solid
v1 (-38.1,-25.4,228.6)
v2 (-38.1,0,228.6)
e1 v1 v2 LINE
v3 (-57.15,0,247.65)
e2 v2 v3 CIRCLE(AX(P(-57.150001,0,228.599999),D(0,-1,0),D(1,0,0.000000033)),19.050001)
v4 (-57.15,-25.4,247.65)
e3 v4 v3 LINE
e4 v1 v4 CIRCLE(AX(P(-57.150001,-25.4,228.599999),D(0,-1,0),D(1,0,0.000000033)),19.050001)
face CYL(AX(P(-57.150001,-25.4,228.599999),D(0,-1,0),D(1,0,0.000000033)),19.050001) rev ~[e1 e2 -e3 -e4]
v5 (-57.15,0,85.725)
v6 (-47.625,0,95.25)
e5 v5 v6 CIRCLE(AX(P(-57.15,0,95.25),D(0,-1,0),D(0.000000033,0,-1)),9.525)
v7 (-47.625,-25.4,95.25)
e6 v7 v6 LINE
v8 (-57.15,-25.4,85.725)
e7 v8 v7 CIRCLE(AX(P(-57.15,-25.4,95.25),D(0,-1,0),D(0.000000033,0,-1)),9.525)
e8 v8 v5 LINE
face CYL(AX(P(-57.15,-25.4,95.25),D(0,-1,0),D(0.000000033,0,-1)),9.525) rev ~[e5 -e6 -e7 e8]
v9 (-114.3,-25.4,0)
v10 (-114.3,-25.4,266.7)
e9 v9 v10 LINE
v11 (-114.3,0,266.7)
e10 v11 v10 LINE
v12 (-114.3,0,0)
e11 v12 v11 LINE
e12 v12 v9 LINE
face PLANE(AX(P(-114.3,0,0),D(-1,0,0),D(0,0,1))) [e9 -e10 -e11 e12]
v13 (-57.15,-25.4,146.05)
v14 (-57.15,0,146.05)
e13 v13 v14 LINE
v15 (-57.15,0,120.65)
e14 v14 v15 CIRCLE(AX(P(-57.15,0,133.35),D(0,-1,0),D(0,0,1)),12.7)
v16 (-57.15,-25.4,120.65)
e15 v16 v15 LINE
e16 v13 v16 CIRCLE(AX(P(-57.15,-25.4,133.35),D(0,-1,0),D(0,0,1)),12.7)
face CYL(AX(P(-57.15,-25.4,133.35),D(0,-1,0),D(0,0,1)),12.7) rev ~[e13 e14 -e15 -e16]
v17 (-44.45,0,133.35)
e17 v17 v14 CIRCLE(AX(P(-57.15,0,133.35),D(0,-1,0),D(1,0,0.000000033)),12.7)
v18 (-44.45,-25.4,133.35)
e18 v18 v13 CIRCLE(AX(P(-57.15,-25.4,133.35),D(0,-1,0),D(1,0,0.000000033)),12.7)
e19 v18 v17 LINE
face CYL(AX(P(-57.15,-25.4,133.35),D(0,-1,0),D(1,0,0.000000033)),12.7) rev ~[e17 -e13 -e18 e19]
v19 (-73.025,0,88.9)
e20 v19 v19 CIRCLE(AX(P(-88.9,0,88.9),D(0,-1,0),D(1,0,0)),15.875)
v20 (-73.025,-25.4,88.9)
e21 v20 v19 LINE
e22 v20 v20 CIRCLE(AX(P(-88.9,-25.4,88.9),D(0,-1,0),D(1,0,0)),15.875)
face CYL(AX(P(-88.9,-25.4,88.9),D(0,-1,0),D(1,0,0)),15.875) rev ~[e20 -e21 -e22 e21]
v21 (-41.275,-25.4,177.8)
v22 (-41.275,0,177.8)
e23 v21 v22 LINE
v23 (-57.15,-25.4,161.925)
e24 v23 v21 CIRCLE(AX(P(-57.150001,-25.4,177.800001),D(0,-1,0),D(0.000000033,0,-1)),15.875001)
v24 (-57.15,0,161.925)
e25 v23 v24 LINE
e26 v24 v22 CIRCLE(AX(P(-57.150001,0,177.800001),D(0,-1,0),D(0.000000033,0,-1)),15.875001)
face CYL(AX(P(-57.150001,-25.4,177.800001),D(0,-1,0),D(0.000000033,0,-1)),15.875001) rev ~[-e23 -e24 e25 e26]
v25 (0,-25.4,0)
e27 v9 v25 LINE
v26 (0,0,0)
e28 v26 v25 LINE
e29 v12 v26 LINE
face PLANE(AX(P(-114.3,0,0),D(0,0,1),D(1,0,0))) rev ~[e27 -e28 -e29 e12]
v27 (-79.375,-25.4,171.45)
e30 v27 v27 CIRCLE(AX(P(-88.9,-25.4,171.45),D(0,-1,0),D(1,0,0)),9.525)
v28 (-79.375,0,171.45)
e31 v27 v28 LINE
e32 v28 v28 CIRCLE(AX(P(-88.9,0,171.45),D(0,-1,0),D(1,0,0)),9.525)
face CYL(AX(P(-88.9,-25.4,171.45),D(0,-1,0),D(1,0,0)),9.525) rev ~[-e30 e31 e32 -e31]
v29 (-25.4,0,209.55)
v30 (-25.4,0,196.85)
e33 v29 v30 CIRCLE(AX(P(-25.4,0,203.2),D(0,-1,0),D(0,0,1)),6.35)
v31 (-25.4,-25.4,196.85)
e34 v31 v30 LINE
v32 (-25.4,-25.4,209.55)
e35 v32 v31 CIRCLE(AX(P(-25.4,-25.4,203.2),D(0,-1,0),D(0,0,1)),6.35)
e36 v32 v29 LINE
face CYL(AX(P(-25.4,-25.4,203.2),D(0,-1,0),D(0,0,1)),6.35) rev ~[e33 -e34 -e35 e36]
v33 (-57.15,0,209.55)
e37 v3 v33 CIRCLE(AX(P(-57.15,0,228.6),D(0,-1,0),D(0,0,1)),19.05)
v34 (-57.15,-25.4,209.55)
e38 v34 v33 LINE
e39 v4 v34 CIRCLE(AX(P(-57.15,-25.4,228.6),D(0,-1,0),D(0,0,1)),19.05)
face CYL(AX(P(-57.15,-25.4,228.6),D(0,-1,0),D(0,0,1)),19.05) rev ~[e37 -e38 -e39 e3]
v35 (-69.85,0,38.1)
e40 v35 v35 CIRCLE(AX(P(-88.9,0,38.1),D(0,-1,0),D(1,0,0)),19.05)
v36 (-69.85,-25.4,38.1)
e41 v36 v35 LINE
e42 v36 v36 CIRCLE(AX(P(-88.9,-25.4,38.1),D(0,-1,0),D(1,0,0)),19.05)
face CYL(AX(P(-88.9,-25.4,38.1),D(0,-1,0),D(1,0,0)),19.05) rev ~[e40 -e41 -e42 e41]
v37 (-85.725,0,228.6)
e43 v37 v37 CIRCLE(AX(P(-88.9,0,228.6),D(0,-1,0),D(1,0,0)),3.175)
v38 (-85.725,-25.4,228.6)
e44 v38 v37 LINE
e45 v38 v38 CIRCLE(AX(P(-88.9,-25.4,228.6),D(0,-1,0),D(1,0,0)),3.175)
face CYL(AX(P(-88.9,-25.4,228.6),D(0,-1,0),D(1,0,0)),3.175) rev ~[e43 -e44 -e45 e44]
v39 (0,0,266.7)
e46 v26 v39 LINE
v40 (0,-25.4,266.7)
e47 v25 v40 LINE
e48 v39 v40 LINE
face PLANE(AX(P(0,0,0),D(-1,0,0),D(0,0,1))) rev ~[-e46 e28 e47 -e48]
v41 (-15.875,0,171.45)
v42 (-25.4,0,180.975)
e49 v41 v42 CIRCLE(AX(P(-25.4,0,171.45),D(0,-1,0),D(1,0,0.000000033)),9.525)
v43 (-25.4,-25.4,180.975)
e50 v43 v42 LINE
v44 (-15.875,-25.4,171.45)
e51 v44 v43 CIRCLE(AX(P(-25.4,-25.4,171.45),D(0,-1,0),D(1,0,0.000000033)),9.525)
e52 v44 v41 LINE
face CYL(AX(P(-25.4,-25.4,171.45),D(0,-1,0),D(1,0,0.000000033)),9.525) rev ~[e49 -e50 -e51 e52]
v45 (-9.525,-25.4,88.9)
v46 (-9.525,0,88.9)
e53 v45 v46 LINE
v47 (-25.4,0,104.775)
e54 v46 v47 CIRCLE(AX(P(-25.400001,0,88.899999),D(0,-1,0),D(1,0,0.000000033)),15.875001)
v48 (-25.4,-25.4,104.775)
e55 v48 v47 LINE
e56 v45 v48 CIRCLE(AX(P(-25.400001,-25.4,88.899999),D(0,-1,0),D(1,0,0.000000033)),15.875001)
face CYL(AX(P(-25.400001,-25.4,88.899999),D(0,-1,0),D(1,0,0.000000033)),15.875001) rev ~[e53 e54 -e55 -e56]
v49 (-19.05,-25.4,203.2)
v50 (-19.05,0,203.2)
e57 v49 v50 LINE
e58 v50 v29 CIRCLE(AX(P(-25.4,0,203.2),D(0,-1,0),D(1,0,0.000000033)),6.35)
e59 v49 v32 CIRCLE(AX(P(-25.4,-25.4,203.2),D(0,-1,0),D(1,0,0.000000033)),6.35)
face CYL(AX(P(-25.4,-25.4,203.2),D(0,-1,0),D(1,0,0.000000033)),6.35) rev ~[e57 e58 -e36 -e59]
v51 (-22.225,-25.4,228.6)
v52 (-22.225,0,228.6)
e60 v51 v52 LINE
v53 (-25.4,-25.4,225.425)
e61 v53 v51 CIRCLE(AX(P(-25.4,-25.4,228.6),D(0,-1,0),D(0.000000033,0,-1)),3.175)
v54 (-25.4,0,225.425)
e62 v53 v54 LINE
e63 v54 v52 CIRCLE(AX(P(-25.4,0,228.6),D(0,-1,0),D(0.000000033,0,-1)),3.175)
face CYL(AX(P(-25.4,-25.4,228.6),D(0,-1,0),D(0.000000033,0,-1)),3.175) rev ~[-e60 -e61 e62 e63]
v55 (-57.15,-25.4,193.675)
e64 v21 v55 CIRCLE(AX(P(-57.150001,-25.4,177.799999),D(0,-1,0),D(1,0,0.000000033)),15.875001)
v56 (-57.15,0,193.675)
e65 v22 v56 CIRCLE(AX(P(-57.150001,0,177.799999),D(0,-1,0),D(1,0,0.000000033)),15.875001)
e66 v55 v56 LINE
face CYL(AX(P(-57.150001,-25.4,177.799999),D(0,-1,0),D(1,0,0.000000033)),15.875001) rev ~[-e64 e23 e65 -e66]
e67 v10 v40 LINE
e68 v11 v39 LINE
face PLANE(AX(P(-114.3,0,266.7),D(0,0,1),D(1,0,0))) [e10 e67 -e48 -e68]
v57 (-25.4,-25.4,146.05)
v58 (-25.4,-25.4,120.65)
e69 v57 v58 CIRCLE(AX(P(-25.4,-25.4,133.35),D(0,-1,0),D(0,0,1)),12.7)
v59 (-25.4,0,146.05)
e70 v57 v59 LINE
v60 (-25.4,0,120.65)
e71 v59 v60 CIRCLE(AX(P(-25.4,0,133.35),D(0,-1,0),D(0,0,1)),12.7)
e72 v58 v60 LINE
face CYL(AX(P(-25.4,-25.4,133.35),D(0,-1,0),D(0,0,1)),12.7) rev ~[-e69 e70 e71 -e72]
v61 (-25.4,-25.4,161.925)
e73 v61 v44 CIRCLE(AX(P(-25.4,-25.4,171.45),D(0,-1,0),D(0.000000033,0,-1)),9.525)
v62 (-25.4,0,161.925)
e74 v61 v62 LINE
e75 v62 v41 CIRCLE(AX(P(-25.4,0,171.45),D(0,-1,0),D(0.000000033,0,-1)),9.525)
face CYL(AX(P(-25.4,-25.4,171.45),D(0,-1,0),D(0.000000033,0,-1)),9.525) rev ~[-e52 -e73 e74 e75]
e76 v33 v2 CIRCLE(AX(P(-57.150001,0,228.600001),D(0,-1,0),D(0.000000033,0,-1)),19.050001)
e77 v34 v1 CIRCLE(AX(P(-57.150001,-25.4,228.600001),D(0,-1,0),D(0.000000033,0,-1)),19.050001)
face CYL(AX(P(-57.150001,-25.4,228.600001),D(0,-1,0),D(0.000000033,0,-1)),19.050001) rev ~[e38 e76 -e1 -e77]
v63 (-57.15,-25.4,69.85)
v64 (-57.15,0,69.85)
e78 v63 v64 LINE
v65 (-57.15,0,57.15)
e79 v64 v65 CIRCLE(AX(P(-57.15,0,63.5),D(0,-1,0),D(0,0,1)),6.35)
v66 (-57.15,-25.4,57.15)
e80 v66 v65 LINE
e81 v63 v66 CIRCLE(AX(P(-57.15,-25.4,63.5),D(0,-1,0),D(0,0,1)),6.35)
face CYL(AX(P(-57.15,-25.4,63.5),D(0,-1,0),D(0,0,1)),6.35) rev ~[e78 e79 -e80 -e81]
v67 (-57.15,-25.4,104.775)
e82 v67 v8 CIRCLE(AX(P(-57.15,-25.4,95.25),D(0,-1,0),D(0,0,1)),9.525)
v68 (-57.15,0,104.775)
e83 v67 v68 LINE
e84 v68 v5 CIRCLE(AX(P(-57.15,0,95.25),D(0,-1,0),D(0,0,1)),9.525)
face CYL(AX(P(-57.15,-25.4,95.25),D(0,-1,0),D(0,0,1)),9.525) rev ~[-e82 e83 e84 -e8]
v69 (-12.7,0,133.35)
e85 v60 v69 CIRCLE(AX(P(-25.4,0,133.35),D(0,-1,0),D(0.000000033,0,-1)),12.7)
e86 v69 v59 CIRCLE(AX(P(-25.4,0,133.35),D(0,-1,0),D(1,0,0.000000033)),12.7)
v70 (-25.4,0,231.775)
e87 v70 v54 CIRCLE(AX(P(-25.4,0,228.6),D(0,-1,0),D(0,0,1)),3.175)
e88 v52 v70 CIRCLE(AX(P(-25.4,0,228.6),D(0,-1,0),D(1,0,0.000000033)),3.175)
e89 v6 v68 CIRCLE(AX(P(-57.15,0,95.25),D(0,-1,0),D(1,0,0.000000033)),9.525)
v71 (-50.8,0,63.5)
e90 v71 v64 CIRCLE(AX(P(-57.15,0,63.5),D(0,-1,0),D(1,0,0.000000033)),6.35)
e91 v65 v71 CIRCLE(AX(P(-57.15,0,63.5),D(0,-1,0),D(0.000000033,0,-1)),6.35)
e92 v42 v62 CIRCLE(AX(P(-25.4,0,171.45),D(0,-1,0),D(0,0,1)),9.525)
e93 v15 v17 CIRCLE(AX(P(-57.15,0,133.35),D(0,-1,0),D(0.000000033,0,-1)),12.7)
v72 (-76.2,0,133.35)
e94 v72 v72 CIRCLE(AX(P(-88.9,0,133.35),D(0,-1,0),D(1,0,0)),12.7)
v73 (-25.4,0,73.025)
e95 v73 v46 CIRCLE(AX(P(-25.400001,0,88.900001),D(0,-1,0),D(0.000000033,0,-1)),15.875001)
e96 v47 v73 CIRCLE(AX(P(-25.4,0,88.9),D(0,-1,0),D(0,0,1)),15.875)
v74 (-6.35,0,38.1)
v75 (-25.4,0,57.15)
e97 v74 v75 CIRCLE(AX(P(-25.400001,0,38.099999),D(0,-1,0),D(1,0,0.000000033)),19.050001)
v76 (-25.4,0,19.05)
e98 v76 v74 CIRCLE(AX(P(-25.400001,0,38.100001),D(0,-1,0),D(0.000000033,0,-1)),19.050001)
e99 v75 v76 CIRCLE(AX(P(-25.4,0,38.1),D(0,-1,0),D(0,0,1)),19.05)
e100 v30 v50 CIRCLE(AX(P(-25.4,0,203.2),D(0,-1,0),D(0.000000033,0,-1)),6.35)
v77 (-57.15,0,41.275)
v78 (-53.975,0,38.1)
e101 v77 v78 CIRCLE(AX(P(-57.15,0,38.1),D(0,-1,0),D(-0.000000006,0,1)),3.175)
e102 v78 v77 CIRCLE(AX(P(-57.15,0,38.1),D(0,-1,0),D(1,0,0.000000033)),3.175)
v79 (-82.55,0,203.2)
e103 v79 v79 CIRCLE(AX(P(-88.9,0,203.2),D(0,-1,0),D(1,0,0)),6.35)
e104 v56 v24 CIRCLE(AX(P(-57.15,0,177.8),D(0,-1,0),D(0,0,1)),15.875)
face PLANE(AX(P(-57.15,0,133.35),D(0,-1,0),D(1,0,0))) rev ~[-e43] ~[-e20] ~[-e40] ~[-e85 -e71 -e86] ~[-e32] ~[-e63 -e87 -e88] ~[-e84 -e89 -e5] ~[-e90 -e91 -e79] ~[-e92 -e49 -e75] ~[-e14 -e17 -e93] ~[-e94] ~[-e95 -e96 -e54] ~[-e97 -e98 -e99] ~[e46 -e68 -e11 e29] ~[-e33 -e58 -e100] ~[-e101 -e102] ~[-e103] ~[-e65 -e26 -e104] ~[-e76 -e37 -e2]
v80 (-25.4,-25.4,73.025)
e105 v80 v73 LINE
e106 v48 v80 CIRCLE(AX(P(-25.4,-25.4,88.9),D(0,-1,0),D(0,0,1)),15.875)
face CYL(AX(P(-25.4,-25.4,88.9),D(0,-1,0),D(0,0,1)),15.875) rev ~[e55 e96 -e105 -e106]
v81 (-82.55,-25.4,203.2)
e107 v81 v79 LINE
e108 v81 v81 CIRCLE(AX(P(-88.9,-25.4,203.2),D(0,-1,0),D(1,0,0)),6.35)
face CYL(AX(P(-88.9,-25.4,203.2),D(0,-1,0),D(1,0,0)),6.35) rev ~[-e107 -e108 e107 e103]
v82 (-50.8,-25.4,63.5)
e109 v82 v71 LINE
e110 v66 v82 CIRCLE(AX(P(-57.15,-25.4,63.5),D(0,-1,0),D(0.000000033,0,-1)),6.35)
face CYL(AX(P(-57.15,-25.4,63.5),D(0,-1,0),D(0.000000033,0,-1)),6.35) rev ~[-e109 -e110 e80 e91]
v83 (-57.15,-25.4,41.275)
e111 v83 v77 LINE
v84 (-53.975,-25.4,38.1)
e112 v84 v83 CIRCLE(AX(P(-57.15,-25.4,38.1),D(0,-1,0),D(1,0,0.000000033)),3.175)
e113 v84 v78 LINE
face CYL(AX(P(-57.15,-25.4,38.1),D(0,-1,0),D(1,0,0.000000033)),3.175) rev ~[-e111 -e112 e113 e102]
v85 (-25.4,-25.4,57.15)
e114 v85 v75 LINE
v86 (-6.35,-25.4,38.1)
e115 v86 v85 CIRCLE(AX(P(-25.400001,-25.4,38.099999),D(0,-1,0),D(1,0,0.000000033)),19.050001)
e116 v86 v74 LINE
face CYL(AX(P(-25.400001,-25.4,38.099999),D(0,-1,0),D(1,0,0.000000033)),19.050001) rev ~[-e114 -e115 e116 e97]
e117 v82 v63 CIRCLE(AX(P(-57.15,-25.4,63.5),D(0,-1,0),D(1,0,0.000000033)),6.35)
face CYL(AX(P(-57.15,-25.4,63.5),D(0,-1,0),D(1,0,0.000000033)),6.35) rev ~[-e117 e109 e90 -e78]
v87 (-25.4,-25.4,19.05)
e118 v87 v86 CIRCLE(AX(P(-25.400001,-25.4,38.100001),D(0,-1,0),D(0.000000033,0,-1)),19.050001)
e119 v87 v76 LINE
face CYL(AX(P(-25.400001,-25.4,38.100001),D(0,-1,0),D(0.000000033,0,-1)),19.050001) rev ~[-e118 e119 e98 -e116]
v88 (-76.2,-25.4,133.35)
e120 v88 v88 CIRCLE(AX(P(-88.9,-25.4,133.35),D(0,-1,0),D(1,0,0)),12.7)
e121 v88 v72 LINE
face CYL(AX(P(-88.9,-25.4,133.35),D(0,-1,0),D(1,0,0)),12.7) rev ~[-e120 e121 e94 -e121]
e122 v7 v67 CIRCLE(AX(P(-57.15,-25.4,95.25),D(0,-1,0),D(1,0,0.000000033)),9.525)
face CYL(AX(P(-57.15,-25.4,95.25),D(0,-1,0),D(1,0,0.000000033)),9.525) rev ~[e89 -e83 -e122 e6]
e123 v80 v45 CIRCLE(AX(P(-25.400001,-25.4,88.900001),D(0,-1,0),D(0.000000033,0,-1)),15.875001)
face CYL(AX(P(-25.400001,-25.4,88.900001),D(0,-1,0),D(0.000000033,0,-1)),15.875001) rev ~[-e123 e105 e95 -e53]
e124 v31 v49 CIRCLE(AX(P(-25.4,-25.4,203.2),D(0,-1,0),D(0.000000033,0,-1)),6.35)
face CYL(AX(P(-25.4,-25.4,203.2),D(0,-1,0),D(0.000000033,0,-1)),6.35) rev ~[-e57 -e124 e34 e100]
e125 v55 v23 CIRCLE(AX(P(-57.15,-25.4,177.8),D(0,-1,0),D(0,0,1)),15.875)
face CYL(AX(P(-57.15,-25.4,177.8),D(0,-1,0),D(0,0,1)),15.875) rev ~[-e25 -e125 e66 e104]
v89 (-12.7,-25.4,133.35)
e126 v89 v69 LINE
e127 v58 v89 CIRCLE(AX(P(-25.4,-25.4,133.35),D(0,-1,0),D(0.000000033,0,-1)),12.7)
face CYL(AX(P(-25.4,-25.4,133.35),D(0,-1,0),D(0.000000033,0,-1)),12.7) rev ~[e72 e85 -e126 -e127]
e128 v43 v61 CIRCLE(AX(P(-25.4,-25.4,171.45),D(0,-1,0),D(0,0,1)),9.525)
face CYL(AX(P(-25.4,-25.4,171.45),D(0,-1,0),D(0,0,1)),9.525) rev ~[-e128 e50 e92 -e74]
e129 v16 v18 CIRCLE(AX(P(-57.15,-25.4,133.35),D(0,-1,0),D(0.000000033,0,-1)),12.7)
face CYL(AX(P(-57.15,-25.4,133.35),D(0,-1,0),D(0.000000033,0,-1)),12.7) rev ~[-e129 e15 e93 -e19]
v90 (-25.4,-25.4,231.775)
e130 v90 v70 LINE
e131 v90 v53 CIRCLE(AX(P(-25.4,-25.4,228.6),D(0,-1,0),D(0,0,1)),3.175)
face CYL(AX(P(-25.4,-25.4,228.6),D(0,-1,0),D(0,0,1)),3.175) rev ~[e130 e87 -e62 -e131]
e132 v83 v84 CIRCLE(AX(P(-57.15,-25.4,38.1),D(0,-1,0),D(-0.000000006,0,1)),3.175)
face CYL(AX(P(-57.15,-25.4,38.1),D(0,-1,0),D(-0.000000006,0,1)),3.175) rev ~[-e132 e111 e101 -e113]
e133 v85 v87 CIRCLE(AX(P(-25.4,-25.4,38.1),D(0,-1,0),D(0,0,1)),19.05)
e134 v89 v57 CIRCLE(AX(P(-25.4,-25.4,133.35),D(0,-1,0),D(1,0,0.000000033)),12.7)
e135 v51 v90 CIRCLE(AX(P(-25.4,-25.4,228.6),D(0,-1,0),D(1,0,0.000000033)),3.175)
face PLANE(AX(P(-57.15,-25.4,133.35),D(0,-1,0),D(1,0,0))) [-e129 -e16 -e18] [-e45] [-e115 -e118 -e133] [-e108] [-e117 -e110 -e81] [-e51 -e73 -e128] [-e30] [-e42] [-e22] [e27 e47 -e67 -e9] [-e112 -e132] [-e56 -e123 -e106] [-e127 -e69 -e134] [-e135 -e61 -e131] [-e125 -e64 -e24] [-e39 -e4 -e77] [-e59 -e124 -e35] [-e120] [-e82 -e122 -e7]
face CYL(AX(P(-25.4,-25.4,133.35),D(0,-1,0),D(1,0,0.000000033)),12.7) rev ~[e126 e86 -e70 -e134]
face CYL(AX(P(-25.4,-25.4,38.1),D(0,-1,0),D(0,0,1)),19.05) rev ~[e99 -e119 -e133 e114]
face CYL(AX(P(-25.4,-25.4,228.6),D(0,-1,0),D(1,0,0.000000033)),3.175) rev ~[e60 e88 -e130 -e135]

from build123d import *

# Parameters (mm, degrees)
F0_W     = 114.3
F0_H     = 266.7
F1_DEPTH = 25.4
F2_R     = 3.175
F2_R_2   = 6.35
F2_R_3   = 9.525
F2_R_4   = 12.7
F2_R_5   = 15.875
F2_R_6   = 19.05
F3_DEPTH = 25.4
F5_DEPTH = 25.4


with BuildPart() as f1:
    # F0 (on Front) → F1 (new body)
    with BuildSketch(Plane.XZ):
        with Locations((-57.15, 133.35)):
            Rectangle(F0_W, F0_H)
    extrude(amount=F1_DEPTH)

    # F2 (on face) → F3 (cut)
    with BuildSketch(Plane.XZ.offset(25.4)):
        with BuildLine():
            ThreePointArc((-25.4, 57.15), (-44.45, 38.1), (-25.4, 19.05))
            Line((-25.4, 19.05), (-25.4, 38.1))
            Line((-25.4, 38.1), (-25.4, 57.15))
        make_face()
        with BuildLine():
            ThreePointArc((-25.4, 231.775), (-28.575, 228.6), (-25.4, 225.425))
            Line((-25.4, 225.425), (-25.4, 228.6))
            Line((-25.4, 228.6), (-25.4, 231.775))
        make_face()
        with BuildLine():
            Line((-25.4, 228.6), (-25.4, 225.425))
            ThreePointArc((-25.4, 225.425), (-23.154936, 226.354936), (-22.225, 228.6))
            ThreePointArc((-22.225, 228.6), (-23.154936, 230.845064), (-25.4, 231.775))
            Line((-25.4, 231.775), (-25.4, 228.6))
        make_face()
        with BuildLine():
            ThreePointArc((-25.4, 209.55), (-31.75, 203.2), (-25.4, 196.85))
            Line((-25.4, 196.85), (-25.4, 203.2))
            Line((-25.4, 203.2), (-25.4, 209.55))
        make_face()
        with BuildLine():
            Line((-25.4, 203.2), (-25.4, 196.85))
            ThreePointArc((-25.4, 196.85), (-20.909872, 198.709872), (-19.05, 203.2))
            ThreePointArc((-19.05, 203.2), (-20.909872, 207.690128), (-25.4, 209.55))
            Line((-25.4, 209.55), (-25.4, 203.2))
        make_face()
        with BuildLine():
            ThreePointArc((-25.4, 180.975), (-34.925, 171.45), (-25.4, 161.925))
            Line((-25.4, 161.925), (-25.4, 171.45))
            Line((-25.4, 171.45), (-25.4, 180.975))
        make_face()
        with BuildLine():
            Line((-25.4, 171.45), (-25.4, 161.925))
            ThreePointArc((-25.4, 161.925), (-18.664808, 164.714808), (-15.875, 171.45))
            ThreePointArc((-15.875, 171.45), (-18.664808, 178.185192), (-25.4, 180.975))
            Line((-25.4, 180.975), (-25.4, 171.45))
        make_face()
        with BuildLine():
            ThreePointArc((-25.4, 146.05), (-38.1, 133.35), (-25.4, 120.65))
            Line((-25.4, 120.65), (-25.4, 133.35))
            Line((-25.4, 133.35), (-25.4, 146.05))
        make_face()
        with BuildLine():
            Line((-25.4, 133.35), (-25.4, 120.65))
            ThreePointArc((-25.4, 120.65), (-16.419744, 124.369744), (-12.7, 133.35))
            ThreePointArc((-12.7, 133.35), (-16.419744, 142.330256), (-25.4, 146.05))
            Line((-25.4, 146.05), (-25.4, 133.35))
        make_face()
        with BuildLine():
            ThreePointArc((-25.4, 104.775), (-41.275, 88.9), (-25.4, 73.025))
            Line((-25.4, 73.025), (-25.4, 88.9))
            Line((-25.4, 88.9), (-25.4, 104.775))
        make_face()
        with BuildLine():
            Line((-25.4, 88.9), (-25.4, 73.025))
            ThreePointArc((-25.4, 73.025), (-14.17468, 77.67468), (-9.525, 88.9))
            ThreePointArc((-9.525, 88.9), (-14.17468, 100.12532), (-25.4, 104.775))
            Line((-25.4, 104.775), (-25.4, 88.9))
        make_face()
        with BuildLine():
            Line((-25.4, 38.1), (-25.4, 19.05))
            ThreePointArc((-25.4, 19.05), (-11.929616, 24.629616), (-6.35, 38.1))
            ThreePointArc((-6.35, 38.1), (-11.929616, 51.570384), (-25.4, 57.15))
            Line((-25.4, 57.15), (-25.4, 38.1))
        make_face()
        with Locations((-88.9, 228.6)):
            Circle(F2_R)
        with Locations((-88.9, 203.2)):
            Circle(F2_R_2)
        with Locations((-88.9, 171.45)):
            Circle(F2_R_3)
        with Locations((-88.9, 133.35)):
            Circle(F2_R_4)
        with Locations((-88.9, 88.9)):
            Circle(F2_R_5)
        with Locations((-88.9, 38.1)):
            Circle(F2_R_6)
    extrude(amount=-F3_DEPTH, mode=Mode.SUBTRACT)

    # F4 (on face) → F5 (cut)
    with BuildSketch(Plane.XZ.offset(25.4)):
        with BuildLine():
            ThreePointArc((-57.15, 247.65), (-76.2, 228.6), (-57.15, 209.55))
            Line((-57.15, 209.55), (-57.15, 228.6))
            Line((-57.15, 228.6), (-57.15, 247.65))
        make_face()
        with BuildLine():
            Line((-57.15, 228.6), (-57.15, 209.55))
            ThreePointArc((-57.15, 209.55), (-43.679616, 215.129616), (-38.1, 228.6))
            ThreePointArc((-38.1, 228.6), (-43.679616, 242.070384), (-57.15, 247.65))
            Line((-57.15, 247.65), (-57.15, 228.6))
        make_face()
        with BuildLine():
            ThreePointArc((-57.15, 193.675), (-73.025, 177.8), (-57.15, 161.925))
            Line((-57.15, 161.925), (-57.15, 177.8))
            Line((-57.15, 177.8), (-57.15, 193.675))
        make_face()
        with BuildLine():
            Line((-57.15, 177.8), (-57.15, 161.925))
            ThreePointArc((-57.15, 161.925), (-45.92468, 166.57468), (-41.275, 177.8))
            ThreePointArc((-41.275, 177.8), (-45.92468, 189.02532), (-57.15, 193.675))
            Line((-57.15, 193.675), (-57.15, 177.8))
        make_face()
        with BuildLine():
            ThreePointArc((-57.15, 146.05), (-69.85, 133.35), (-57.15, 120.65))
            Line((-57.15, 120.65), (-57.15, 133.35))
            Line((-57.15, 133.35), (-57.15, 146.05))
        make_face()
        with BuildLine():
            Line((-57.15, 133.35), (-57.15, 120.65))
            ThreePointArc((-57.15, 120.65), (-48.169744, 124.369744), (-44.45, 133.35))
            ThreePointArc((-44.45, 133.35), (-48.169744, 142.330256), (-57.15, 146.05))
            Line((-57.15, 146.05), (-57.15, 133.35))
        make_face()
        with BuildLine():
            ThreePointArc((-57.15, 104.775), (-66.675, 95.25), (-57.15, 85.725))
            Line((-57.15, 85.725), (-57.15, 95.25))
            Line((-57.15, 95.25), (-57.15, 104.775))
        make_face()
        with BuildLine():
            Line((-57.15, 95.25), (-57.15, 85.725))
            ThreePointArc((-57.15, 85.725), (-50.414808, 88.514808), (-47.625, 95.25))
            ThreePointArc((-47.625, 95.25), (-50.414808, 101.985192), (-57.15, 104.775))
            Line((-57.15, 104.775), (-57.15, 95.25))
        make_face()
        with BuildLine():
            ThreePointArc((-57.15, 69.85), (-63.5, 63.5), (-57.15, 57.15))
            Line((-57.15, 57.15), (-57.15, 63.5))
            Line((-57.15, 63.5), (-57.15, 69.85))
        make_face()
        with BuildLine():
            Line((-57.15, 63.5), (-57.15, 57.15))
            ThreePointArc((-57.15, 57.15), (-52.659872, 59.009872), (-50.8, 63.5))
            ThreePointArc((-50.8, 63.5), (-52.659872, 67.990128), (-57.15, 69.85))
            Line((-57.15, 69.85), (-57.15, 63.5))
        make_face()
        with BuildLine():
            ThreePointArc((-53.975, 38.1), (-54.904936, 40.345064), (-57.15, 41.275))
            ThreePointArc((-57.15, 41.275), (-59.395064, 35.854936), (-53.975, 38.1))
        make_face()
    extrude(amount=-F5_DEPTH, mode=Mode.SUBTRACT)


solid = f1.part
